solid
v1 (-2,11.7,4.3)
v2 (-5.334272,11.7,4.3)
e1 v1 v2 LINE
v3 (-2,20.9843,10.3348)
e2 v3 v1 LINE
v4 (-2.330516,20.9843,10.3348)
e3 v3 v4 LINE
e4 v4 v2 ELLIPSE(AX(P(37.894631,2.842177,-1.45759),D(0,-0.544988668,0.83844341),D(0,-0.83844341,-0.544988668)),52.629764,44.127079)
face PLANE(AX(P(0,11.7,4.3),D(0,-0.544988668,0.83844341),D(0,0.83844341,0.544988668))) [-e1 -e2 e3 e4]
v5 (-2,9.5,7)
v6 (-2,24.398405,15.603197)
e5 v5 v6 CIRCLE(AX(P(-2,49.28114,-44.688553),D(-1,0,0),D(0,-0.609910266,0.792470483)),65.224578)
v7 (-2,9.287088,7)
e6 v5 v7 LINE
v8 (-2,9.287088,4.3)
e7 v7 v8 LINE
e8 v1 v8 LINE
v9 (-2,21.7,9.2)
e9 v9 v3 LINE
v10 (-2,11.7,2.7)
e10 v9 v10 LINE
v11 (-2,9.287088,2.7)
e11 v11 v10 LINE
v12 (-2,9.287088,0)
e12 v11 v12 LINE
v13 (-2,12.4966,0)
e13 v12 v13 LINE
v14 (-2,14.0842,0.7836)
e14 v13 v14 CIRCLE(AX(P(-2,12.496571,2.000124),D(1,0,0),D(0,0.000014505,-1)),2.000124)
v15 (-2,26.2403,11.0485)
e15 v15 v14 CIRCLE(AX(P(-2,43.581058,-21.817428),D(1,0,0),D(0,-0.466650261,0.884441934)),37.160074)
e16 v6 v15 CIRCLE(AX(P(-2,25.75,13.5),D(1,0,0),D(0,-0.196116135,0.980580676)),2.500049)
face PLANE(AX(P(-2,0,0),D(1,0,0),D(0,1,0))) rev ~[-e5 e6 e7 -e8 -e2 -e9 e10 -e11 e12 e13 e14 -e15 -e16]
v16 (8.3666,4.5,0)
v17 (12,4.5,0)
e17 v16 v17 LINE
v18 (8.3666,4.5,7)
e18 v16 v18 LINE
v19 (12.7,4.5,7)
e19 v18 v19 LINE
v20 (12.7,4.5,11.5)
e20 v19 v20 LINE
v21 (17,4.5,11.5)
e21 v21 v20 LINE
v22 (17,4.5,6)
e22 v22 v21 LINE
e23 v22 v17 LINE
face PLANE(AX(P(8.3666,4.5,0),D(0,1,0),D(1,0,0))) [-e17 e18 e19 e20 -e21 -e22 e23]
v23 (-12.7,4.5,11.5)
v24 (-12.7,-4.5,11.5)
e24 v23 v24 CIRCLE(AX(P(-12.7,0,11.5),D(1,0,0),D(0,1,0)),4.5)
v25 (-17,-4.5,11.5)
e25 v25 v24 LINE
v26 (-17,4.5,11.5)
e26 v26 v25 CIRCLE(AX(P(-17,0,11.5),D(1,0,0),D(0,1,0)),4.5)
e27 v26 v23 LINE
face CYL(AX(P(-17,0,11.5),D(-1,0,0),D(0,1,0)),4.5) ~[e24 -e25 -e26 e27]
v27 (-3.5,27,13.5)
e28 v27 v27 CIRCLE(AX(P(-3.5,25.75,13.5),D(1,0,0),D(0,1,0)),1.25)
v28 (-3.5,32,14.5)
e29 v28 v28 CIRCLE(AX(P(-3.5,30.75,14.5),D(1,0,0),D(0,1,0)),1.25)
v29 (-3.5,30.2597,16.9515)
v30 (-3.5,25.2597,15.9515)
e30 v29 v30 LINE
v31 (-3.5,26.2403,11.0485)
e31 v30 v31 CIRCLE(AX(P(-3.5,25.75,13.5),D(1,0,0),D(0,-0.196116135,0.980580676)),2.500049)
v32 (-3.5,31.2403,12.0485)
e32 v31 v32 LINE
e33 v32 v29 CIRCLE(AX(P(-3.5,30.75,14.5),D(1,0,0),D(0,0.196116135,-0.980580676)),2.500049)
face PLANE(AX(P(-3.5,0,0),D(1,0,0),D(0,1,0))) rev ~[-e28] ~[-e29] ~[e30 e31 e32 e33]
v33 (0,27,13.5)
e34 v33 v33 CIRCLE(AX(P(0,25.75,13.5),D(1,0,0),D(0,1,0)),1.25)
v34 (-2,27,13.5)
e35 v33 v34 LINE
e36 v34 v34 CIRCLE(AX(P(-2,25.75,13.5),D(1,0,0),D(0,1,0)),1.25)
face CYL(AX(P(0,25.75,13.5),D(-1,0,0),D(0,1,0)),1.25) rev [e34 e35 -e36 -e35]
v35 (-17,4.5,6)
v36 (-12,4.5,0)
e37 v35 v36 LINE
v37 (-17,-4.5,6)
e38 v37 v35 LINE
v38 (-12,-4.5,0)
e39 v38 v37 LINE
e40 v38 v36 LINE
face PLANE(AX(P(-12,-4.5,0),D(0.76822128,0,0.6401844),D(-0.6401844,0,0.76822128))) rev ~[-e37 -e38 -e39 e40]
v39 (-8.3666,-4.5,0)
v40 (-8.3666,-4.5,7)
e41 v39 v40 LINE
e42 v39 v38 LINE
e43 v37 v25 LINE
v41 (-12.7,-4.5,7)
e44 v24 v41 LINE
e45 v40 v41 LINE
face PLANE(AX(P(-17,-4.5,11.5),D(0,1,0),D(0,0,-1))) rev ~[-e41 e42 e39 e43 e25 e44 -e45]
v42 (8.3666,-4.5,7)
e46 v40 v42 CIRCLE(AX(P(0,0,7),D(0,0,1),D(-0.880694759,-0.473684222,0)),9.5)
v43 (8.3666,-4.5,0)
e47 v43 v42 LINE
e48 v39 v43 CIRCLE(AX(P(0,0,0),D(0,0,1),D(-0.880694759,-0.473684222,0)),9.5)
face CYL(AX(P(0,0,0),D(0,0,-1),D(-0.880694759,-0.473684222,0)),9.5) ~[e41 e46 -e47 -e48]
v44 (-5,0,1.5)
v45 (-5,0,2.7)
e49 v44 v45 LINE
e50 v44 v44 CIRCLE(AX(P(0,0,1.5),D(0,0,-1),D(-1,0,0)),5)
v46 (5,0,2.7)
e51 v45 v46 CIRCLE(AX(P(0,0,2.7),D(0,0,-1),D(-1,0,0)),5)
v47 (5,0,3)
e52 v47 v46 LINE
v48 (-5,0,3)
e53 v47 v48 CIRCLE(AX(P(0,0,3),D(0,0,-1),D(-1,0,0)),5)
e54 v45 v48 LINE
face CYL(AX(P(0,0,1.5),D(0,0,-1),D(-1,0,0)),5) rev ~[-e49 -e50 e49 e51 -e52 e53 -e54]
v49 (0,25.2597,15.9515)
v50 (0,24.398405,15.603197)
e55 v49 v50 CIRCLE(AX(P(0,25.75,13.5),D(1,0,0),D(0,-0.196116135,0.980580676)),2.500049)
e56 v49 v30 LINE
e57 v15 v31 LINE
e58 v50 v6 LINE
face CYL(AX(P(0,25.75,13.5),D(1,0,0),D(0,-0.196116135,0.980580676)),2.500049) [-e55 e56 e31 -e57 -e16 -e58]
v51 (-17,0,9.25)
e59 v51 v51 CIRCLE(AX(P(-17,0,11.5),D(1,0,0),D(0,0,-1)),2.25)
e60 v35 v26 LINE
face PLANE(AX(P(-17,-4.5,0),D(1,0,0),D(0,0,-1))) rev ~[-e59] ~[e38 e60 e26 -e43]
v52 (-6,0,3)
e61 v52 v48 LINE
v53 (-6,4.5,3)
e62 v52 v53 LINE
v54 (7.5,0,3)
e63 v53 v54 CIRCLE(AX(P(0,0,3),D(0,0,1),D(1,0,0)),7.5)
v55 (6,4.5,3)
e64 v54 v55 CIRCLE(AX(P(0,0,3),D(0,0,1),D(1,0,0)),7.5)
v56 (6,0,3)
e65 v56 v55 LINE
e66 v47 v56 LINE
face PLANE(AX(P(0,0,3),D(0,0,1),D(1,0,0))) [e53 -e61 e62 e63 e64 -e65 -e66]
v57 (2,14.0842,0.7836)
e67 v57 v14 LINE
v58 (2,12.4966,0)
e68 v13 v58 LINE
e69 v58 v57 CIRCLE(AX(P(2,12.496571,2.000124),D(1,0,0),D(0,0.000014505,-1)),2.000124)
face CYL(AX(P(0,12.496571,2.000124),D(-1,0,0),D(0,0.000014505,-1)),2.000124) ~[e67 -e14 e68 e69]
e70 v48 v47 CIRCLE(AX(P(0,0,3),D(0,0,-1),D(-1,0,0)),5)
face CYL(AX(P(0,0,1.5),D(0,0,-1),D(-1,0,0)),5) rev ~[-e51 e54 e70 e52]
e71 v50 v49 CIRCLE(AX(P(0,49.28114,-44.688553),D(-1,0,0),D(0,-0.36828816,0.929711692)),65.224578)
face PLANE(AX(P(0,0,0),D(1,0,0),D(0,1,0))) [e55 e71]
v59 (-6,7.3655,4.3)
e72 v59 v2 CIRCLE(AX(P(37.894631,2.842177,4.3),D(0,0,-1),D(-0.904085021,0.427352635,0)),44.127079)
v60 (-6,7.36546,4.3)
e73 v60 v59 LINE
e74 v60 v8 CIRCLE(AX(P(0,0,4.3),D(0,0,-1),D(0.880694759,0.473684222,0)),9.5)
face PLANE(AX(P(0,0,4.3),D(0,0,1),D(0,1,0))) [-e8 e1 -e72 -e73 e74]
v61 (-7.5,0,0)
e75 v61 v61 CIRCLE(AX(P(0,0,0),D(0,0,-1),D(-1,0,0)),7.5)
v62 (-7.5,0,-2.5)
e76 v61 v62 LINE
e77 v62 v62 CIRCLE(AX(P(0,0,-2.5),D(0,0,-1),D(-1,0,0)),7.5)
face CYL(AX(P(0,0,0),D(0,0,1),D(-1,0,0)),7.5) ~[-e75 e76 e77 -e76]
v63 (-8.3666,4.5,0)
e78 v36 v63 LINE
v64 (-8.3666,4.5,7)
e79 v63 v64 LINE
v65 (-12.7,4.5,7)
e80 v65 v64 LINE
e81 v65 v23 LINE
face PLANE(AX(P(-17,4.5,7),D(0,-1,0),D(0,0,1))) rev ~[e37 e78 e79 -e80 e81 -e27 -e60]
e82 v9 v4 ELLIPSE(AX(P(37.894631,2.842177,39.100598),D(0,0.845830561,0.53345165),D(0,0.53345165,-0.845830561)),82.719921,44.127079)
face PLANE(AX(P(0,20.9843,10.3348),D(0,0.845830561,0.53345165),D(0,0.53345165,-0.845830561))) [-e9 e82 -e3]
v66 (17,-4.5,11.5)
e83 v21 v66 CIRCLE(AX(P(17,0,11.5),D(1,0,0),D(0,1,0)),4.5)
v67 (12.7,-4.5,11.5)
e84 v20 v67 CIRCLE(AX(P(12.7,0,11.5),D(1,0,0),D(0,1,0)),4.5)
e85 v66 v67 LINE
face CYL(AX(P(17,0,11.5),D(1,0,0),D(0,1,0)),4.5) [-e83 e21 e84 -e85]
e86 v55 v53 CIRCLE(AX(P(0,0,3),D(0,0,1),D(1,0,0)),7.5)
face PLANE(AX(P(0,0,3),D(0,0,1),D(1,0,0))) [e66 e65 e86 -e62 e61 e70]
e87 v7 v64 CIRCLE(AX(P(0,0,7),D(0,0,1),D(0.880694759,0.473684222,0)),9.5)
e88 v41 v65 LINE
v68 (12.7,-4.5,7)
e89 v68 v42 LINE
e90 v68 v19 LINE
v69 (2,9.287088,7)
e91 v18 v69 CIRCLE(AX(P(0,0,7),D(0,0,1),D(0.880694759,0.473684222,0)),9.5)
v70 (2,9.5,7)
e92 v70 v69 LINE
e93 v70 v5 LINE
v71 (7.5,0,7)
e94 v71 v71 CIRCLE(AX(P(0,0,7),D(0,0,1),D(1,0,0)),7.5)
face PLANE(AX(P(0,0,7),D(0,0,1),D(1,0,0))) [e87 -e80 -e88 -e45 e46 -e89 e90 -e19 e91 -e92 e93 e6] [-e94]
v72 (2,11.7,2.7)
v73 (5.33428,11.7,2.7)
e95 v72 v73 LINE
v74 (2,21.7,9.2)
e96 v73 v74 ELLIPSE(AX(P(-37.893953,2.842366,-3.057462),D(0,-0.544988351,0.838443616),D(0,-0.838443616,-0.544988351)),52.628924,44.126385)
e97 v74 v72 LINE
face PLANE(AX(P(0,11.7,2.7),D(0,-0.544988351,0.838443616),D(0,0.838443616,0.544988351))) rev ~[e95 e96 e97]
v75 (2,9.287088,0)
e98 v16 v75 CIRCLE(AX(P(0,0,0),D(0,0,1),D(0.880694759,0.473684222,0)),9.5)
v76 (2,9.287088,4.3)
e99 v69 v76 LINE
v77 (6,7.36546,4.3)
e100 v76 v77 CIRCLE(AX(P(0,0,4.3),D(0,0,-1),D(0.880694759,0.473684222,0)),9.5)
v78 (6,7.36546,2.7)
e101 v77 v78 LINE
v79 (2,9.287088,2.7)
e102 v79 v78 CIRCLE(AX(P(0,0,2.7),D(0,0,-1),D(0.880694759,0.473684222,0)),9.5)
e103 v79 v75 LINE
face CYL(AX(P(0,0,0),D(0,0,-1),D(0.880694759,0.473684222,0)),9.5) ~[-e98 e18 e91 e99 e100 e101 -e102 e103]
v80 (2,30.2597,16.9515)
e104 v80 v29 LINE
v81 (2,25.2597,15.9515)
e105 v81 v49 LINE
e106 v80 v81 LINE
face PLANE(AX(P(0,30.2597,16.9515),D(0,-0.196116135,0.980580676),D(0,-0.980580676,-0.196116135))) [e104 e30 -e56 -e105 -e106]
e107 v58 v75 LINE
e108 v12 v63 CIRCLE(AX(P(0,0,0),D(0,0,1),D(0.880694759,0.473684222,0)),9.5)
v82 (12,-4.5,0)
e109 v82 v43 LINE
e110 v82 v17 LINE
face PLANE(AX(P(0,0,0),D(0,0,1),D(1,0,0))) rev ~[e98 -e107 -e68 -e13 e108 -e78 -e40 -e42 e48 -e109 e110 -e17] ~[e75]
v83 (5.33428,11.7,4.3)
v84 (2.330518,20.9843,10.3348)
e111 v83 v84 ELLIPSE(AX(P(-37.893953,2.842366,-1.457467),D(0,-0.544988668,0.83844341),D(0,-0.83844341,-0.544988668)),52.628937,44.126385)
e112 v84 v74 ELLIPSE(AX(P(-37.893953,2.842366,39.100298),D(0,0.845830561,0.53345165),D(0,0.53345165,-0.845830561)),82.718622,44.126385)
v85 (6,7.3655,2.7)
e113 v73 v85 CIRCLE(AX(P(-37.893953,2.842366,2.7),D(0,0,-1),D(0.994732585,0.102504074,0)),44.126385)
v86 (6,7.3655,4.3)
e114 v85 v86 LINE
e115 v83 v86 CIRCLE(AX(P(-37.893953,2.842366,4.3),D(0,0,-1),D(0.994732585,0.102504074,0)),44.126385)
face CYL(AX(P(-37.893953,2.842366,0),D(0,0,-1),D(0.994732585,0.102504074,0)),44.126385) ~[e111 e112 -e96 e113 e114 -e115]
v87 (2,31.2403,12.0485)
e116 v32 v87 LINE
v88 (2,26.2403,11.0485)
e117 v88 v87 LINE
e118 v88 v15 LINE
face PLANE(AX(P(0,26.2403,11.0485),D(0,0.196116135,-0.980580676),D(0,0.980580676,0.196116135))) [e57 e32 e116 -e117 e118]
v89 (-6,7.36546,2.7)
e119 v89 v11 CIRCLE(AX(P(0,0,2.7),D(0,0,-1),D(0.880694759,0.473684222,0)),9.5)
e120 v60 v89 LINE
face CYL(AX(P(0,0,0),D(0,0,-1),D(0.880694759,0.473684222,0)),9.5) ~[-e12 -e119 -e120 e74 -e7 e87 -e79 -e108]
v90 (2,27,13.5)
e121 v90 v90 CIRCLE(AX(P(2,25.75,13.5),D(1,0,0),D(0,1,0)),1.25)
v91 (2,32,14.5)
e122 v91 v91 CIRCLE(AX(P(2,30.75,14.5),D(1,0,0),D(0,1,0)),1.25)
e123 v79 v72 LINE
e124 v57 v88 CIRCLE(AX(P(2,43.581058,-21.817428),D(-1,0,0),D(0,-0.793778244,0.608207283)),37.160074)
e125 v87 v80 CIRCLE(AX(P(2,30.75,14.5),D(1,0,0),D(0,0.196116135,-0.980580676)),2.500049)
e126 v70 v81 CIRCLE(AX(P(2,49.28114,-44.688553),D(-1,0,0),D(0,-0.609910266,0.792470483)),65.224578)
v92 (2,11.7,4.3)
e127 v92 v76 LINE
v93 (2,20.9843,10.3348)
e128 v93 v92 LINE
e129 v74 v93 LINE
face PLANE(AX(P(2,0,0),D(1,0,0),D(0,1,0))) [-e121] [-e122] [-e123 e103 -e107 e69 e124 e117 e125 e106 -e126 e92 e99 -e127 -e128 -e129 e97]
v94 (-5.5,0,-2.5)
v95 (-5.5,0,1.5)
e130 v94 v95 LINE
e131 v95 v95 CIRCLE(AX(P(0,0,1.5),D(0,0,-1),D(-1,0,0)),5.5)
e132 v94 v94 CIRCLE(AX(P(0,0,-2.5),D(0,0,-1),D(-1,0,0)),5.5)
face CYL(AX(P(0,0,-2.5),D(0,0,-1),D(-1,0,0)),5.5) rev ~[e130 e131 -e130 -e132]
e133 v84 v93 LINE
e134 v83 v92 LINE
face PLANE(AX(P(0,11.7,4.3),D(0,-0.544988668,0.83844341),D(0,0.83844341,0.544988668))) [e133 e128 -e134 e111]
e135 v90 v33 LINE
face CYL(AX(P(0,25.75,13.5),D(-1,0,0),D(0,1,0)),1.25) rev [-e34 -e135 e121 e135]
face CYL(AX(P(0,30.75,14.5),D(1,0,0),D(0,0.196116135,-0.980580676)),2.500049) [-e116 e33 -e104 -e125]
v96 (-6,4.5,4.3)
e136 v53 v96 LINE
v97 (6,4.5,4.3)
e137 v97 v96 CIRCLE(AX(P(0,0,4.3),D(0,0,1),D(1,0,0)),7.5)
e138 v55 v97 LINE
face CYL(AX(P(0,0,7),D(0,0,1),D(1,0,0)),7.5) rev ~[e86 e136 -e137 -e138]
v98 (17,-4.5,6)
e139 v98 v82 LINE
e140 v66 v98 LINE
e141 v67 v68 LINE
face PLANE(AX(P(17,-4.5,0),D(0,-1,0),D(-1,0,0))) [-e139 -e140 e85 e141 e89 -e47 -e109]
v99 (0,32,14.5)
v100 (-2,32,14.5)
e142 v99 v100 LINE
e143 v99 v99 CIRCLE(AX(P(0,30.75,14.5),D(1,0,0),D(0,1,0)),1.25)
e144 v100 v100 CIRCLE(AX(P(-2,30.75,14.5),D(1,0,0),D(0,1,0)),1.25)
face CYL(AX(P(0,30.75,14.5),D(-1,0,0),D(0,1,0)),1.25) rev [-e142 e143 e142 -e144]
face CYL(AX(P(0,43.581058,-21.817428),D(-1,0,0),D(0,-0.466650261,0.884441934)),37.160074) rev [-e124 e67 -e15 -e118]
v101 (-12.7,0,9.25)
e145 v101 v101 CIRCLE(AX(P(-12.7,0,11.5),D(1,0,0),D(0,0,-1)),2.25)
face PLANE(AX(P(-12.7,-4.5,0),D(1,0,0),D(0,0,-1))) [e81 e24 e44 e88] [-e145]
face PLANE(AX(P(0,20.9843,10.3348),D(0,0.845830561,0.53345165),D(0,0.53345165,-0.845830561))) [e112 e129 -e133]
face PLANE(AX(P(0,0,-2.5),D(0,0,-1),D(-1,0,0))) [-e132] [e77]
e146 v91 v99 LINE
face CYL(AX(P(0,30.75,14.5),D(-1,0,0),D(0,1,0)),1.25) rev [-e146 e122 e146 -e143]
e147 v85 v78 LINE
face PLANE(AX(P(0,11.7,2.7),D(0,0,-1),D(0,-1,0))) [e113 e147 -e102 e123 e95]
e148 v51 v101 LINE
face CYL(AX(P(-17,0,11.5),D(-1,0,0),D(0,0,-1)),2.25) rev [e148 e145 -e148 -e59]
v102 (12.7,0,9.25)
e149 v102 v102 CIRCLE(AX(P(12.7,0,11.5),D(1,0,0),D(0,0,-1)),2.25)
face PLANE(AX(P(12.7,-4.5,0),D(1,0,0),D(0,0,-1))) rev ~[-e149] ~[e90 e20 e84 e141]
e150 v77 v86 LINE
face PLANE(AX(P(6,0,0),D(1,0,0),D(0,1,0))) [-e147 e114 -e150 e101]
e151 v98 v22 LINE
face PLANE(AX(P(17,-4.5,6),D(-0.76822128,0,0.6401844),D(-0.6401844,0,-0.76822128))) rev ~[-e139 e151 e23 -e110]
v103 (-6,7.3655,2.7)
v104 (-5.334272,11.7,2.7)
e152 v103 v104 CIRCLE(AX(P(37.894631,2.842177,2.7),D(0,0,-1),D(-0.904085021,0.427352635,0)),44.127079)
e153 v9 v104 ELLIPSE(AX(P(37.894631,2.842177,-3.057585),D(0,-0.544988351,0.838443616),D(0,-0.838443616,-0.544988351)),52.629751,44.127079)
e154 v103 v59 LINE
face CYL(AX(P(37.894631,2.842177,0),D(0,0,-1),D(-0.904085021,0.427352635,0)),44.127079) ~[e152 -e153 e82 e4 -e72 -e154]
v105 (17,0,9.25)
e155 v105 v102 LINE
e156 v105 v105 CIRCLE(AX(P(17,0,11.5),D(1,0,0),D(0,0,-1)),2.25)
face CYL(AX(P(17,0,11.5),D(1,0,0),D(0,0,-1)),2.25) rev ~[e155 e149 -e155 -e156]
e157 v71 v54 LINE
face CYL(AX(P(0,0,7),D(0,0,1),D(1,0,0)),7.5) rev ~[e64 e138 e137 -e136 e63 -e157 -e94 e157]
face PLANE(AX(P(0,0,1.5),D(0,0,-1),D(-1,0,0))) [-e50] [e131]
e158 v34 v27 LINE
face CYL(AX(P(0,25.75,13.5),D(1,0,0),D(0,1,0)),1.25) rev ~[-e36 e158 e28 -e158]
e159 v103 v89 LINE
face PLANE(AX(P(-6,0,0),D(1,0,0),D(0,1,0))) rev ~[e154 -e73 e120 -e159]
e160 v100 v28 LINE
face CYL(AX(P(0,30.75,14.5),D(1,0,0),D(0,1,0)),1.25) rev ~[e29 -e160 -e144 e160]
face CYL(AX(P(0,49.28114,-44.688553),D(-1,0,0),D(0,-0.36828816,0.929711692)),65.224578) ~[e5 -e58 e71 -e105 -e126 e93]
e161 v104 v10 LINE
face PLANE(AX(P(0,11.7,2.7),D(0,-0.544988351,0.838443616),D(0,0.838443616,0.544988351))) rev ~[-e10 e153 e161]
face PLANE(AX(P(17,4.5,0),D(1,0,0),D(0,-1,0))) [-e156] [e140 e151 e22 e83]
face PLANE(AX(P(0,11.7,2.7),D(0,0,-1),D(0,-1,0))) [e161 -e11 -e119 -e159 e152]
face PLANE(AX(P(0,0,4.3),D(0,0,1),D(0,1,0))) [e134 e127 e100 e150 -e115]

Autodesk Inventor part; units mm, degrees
ref_plane "YZ Plane" through (0, 0, 0) normal (1, 0, 0) x (0, 1, 0)
ref_plane "XZ Plane" through (0, 0, 0) normal (0, 1, 0) x (-1, 0, 0)
ref_plane "XY Plane" through (0, 0, 0) normal (0, 0, 1) x (1, 0, 0)
sketch "Sketch1" plane through (0, 0, 0) normal (0, 0, 1) x (1, 0, 0)
  line L0 (17, 4.5) -> (17, -4.5)
  line L1 (-17, -4.5) -> (-17, 4.5)
  arc A0 (-8.3666, -4.5) -> (8.3666, -4.5) centre (0, 0) ccw
  arc A1 (8.3666, 4.5) -> (-8.3666, 4.5) centre (0, 0) ccw
  line L2 (-17, 4.5) -> (-8.3666, 4.5)
  line L3 (8.3666, 4.5) -> (17, 4.5)
  line L4 (17, -4.5) -> (8.3666, -4.5)
  line L5 (-8.3666, -4.5) -> (-17, -4.5)
  line L6 (-17, 4.5) -> (17, -4.5) construction
  line L7 (-17, -4.5) -> (17, 4.5) construction
  point P0 (0, 0)
  point P1 (0, 0)
  dimension "d0" = 9
  dimension "d1" = 34
  dimension "d2" = 9.5
  dimension "d3" = 9
  dimension "d4" = 9.5
  dimension "d12" = 4.5
extrude "Extrusion1" add sketch "Sketch1" along normal blind 7
sketch "Sketch2" plane through (17, -4.5, 0) normal (1, 0, 0) x (0, 0, -1)
  arc A0 (-11.5, 9) -> (-11.5, 0) centre (-11.5, 4.5) ccw
  circle A1 centre (-11.5, 4.5) radius 2.25
  line L0 (-7, 9) -> (-11.5, 9)
  line L1 (-11.5, 0) -> (-7, 0)
  line L2 (-7, 0) -> (-7, 9)
  point P0 (0, 4.5)
  point P1 (-7, 0)
  dimension "d7" = 9
  dimension "d8" = 4.5
  dimension "d9" = 9
extrude "Extrusion2" add sketch "Sketch2" against normal blind 4.3
extrude "Extrusion3" add sketch "Sketch2" along normal blind 4.3 from surface at -34
sketch "Sketch3" plane through (-17, -4.5, 0) normal (0, -1, 0) x (1, 0, 0)
  line L0 (0, 6) -> (0, 0)
  line L1 (0, 0) -> (5, 0)
  line L2 (5, 0) -> (0, 6)
  line L3 (29, 0) -> (34, 0)
  line L4 (34, 0) -> (34, 6)
  line L5 (34, 6) -> (29, 0)
  point P0 (17, 0)
  dimension "d15" = 6
  dimension "d16" = 5
  dimension "d17" = 6
  dimension "d18" = 5
extrude "Extrusion4" cut sketch "Sketch3" against normal up to next
sketch "Sketch4" plane through (0, 0, 0) normal (0, 0, -1) x (-1, 0, 0)
  circle A0 centre (0, 0) radius 7.5
  dimension "d21" = 15
extrude "Extrusion5" add sketch "Sketch4" along normal blind 2.5
sketch "Sketch5" plane through (0, 0, 7) normal (0, 0, 1) x (1, 0, 0)
  circle A0 centre (0, 0) radius 7.5
  dimension "d24" = 15
extrude "Extrusion6" cut sketch "Sketch5" against normal blind 4
sketch "Sketch6" plane through (0, 0, -2.5) normal (0, 0, -1) x (-1, 0, 0)
  circle A0 centre (0, 0) radius 5.5
  dimension "d27" = 11
extrude "Extrusion7" cut sketch "Sketch6" against normal blind 4
sketch "Sketch7" plane through (0, 0, 1.5) normal (0, 0, -1) x (-1, 0, 0)
  circle A0 centre (0, 0) radius 5
  dimension "d30" = 10
extrude "Extrusion8" cut sketch "Sketch7" against normal up to next
sketch "Sketch9" plane through (0, 0, 0) normal (1, 0, 0) x (0, 1, 0)
  line L0 (-9.5504, 0) -> (57.3026, 0) projected
  line L1 (0, -37.6235) -> (0, 29.8791) projected
  line L2 (9.5, 0) -> (4.5, 0) projected
  line L3 (9.5, 7) -> (4.5, 7) projected
  circle A0 centre (30.75, 14.5) radius 1.25
  circle A1 centre (25.75, 13.5) radius 1.25
  line L4 (8.5, 7) -> (9.5, 7)
  line L5 (13.5, 7) -> (13.5, 0) construction
  line L6 (12.4966, 0) -> (8.5, 0)
  line L7 (8.5, 0) -> (8.5, 7)
  line L8 (25.75, 13.5) -> (30.75, 14.5) construction
  line L9 (26.2403, 11.0485) -> (31.2403, 12.0485)
  line L10 (30.2597, 16.9515) -> (25.2597, 15.9515)
  arc A2 (25.2597, 15.9515) -> (26.2403, 11.0485) centre (25.75, 13.5) ccw construction
  arc A3 (31.2403, 12.0485) -> (30.2597, 16.9515) centre (30.75, 14.5) ccw
  arc A4 (25.2597, 15.9515) -> (9.5, 7) centre (49.2826, -44.6916) ccw
  arc A5 (26.2403, 11.0485) -> (14.0842, 0.7836) centre (43.5805, -21.8166) ccw
  arc A6 (12.4966, 0) -> (14.0842, 0.7836) centre (12.4966, 2) ccw
  point P0 (0, 0)
  point P1 (28.25, 14)
  dimension "d133" = 2.5
  dimension "d134" = 30.75
  dimension "d135" = 14.5
  dimension "d136" = 2.5
  dimension "d137" = 13.5
  dimension "d138" = 25.75
  dimension "d139" = 7
  dimension "d140" = 5
  dimension "d141" = 8.5
  dimension "d142" = 5
  dimension "d143" = 65.2279
  dimension "d144" = 37.1592
  dimension "d145" = 2
extrude "Extrusion22" add sketch "Sketch9" along normal mid plane 4
sketch "Sketch19" plane through (0, 0, 0) normal (1, 0, 0) x (0, 1, 0)
  circle A0 centre (25.75, 13.5) radius 1.25 projected
  circle A1 centre (25.75, 13.5) radius 1.25
  circle A2 centre (30.75, 14.5) radius 1.25 projected
  circle A3 centre (30.75, 14.5) radius 1.25
  line L0 (25.75, 13.5) -> (30.75, 14.5) construction
  line L1 (26.2403, 11.0485) -> (31.2403, 12.0485)
  line L2 (30.2597, 16.9515) -> (25.2597, 15.9515)
  arc A4 (25.2597, 15.9515) -> (26.2403, 11.0485) centre (25.75, 13.5) ccw
  arc A5 (31.2403, 12.0485) -> (30.2597, 16.9515) centre (30.75, 14.5) ccw
  point P0 (0, 0)
  point P1 (28.25, 14)
  dimension "d148" = 2.5
  dimension "d149" = 2.5
  dimension "d150" = 5
extrude "Extrusion23" add sketch "Sketch19" against normal blind 3.5
sketch "Sketch20" plane through (0, 0, 0) normal (1, 0, 0) x (0, 1, 0)
  line L0 (0, 4.3) -> (11.7, 4.3)
  line L1 (11.7, 4.3) -> (11.7, 2.7) construction
  line L2 (11.7, 2.7) -> (0, 2.7)
  line L3 (0, 2.7) -> (0, 4.3)
  line L4 (-18.05, 0) -> (41.8, 0) projected
  line L5 (0, -6.4) -> (0, 20.9) projected
  line L6 (11.7, 2.7) -> (21.7, 9.2)
  line L7 (11.7, 4.3) -> (20.9843, 10.3348)
  line L8 (20.9843, 10.3348) -> (21.7, 9.2)
  point P0 (0, 0)
  dimension "d153" = 1.6
  dimension "d154" = 11.7
  dimension "d155" = 2.7
  dimension "d156" = 10
  dimension "d157" = 6.5
  dimension "d158" = 1.1348
extrude "Extrusion24" add sketch "Sketch20" along normal mid plane 12
sketch "Sketch21" plane through (0, 0, 7) normal (0, 0, 1) x (1, 0, 0)
  circle A0 centre (0, 0) radius 7.5
  dimension "d161" = 15
extrude "Extrusion25" cut sketch "Sketch5" against normal blind 4
sketch "Sketch22" plane through (0, 0, 1.5) normal (0, 0, -1) x (-1, 0, 0)
  circle A0 centre (0, 0) radius 5
  dimension "d164" = 10
extrude "Extrusion26" cut sketch "Sketch22" against normal through all
sketch "Sketch23" plane through (0, 0, 0) normal (0, 0, 1) x (1, 0, 0)
  line L0 (-6, 21.7) -> (-2, 21.7) projected
  line L1 (-6, 21.7) -> (-6, 11.7) projected
  line L2 (-2, 21.7) -> (-6, 21.7)
  line L3 (-6, 7.3655) -> (-6, 11.7) projected
  line L4 (-6, 21.7) -> (-6, 7.3655)
  arc A0 (-2, 21.7) -> (-6, 7.3655) centre (37.8943, 2.8423) ccw
  line L5 (0, 17.7237) -> (0, 15.5632) construction
  line L6 (6, 21.7) -> (2, 21.7)
  line L7 (6, 21.7) -> (6, 11.7)
  line L8 (6, 7.3655) -> (6, 11.7)
  arc A1 (6, 7.3655) -> (2, 21.7) centre (-37.8943, 2.8423) ccw
  point P0 (0, 0)
extrude "Extrusion27" cut sketch "Sketch23" along normal through all
properties part number "RCT-P006_steering_knuckle"
